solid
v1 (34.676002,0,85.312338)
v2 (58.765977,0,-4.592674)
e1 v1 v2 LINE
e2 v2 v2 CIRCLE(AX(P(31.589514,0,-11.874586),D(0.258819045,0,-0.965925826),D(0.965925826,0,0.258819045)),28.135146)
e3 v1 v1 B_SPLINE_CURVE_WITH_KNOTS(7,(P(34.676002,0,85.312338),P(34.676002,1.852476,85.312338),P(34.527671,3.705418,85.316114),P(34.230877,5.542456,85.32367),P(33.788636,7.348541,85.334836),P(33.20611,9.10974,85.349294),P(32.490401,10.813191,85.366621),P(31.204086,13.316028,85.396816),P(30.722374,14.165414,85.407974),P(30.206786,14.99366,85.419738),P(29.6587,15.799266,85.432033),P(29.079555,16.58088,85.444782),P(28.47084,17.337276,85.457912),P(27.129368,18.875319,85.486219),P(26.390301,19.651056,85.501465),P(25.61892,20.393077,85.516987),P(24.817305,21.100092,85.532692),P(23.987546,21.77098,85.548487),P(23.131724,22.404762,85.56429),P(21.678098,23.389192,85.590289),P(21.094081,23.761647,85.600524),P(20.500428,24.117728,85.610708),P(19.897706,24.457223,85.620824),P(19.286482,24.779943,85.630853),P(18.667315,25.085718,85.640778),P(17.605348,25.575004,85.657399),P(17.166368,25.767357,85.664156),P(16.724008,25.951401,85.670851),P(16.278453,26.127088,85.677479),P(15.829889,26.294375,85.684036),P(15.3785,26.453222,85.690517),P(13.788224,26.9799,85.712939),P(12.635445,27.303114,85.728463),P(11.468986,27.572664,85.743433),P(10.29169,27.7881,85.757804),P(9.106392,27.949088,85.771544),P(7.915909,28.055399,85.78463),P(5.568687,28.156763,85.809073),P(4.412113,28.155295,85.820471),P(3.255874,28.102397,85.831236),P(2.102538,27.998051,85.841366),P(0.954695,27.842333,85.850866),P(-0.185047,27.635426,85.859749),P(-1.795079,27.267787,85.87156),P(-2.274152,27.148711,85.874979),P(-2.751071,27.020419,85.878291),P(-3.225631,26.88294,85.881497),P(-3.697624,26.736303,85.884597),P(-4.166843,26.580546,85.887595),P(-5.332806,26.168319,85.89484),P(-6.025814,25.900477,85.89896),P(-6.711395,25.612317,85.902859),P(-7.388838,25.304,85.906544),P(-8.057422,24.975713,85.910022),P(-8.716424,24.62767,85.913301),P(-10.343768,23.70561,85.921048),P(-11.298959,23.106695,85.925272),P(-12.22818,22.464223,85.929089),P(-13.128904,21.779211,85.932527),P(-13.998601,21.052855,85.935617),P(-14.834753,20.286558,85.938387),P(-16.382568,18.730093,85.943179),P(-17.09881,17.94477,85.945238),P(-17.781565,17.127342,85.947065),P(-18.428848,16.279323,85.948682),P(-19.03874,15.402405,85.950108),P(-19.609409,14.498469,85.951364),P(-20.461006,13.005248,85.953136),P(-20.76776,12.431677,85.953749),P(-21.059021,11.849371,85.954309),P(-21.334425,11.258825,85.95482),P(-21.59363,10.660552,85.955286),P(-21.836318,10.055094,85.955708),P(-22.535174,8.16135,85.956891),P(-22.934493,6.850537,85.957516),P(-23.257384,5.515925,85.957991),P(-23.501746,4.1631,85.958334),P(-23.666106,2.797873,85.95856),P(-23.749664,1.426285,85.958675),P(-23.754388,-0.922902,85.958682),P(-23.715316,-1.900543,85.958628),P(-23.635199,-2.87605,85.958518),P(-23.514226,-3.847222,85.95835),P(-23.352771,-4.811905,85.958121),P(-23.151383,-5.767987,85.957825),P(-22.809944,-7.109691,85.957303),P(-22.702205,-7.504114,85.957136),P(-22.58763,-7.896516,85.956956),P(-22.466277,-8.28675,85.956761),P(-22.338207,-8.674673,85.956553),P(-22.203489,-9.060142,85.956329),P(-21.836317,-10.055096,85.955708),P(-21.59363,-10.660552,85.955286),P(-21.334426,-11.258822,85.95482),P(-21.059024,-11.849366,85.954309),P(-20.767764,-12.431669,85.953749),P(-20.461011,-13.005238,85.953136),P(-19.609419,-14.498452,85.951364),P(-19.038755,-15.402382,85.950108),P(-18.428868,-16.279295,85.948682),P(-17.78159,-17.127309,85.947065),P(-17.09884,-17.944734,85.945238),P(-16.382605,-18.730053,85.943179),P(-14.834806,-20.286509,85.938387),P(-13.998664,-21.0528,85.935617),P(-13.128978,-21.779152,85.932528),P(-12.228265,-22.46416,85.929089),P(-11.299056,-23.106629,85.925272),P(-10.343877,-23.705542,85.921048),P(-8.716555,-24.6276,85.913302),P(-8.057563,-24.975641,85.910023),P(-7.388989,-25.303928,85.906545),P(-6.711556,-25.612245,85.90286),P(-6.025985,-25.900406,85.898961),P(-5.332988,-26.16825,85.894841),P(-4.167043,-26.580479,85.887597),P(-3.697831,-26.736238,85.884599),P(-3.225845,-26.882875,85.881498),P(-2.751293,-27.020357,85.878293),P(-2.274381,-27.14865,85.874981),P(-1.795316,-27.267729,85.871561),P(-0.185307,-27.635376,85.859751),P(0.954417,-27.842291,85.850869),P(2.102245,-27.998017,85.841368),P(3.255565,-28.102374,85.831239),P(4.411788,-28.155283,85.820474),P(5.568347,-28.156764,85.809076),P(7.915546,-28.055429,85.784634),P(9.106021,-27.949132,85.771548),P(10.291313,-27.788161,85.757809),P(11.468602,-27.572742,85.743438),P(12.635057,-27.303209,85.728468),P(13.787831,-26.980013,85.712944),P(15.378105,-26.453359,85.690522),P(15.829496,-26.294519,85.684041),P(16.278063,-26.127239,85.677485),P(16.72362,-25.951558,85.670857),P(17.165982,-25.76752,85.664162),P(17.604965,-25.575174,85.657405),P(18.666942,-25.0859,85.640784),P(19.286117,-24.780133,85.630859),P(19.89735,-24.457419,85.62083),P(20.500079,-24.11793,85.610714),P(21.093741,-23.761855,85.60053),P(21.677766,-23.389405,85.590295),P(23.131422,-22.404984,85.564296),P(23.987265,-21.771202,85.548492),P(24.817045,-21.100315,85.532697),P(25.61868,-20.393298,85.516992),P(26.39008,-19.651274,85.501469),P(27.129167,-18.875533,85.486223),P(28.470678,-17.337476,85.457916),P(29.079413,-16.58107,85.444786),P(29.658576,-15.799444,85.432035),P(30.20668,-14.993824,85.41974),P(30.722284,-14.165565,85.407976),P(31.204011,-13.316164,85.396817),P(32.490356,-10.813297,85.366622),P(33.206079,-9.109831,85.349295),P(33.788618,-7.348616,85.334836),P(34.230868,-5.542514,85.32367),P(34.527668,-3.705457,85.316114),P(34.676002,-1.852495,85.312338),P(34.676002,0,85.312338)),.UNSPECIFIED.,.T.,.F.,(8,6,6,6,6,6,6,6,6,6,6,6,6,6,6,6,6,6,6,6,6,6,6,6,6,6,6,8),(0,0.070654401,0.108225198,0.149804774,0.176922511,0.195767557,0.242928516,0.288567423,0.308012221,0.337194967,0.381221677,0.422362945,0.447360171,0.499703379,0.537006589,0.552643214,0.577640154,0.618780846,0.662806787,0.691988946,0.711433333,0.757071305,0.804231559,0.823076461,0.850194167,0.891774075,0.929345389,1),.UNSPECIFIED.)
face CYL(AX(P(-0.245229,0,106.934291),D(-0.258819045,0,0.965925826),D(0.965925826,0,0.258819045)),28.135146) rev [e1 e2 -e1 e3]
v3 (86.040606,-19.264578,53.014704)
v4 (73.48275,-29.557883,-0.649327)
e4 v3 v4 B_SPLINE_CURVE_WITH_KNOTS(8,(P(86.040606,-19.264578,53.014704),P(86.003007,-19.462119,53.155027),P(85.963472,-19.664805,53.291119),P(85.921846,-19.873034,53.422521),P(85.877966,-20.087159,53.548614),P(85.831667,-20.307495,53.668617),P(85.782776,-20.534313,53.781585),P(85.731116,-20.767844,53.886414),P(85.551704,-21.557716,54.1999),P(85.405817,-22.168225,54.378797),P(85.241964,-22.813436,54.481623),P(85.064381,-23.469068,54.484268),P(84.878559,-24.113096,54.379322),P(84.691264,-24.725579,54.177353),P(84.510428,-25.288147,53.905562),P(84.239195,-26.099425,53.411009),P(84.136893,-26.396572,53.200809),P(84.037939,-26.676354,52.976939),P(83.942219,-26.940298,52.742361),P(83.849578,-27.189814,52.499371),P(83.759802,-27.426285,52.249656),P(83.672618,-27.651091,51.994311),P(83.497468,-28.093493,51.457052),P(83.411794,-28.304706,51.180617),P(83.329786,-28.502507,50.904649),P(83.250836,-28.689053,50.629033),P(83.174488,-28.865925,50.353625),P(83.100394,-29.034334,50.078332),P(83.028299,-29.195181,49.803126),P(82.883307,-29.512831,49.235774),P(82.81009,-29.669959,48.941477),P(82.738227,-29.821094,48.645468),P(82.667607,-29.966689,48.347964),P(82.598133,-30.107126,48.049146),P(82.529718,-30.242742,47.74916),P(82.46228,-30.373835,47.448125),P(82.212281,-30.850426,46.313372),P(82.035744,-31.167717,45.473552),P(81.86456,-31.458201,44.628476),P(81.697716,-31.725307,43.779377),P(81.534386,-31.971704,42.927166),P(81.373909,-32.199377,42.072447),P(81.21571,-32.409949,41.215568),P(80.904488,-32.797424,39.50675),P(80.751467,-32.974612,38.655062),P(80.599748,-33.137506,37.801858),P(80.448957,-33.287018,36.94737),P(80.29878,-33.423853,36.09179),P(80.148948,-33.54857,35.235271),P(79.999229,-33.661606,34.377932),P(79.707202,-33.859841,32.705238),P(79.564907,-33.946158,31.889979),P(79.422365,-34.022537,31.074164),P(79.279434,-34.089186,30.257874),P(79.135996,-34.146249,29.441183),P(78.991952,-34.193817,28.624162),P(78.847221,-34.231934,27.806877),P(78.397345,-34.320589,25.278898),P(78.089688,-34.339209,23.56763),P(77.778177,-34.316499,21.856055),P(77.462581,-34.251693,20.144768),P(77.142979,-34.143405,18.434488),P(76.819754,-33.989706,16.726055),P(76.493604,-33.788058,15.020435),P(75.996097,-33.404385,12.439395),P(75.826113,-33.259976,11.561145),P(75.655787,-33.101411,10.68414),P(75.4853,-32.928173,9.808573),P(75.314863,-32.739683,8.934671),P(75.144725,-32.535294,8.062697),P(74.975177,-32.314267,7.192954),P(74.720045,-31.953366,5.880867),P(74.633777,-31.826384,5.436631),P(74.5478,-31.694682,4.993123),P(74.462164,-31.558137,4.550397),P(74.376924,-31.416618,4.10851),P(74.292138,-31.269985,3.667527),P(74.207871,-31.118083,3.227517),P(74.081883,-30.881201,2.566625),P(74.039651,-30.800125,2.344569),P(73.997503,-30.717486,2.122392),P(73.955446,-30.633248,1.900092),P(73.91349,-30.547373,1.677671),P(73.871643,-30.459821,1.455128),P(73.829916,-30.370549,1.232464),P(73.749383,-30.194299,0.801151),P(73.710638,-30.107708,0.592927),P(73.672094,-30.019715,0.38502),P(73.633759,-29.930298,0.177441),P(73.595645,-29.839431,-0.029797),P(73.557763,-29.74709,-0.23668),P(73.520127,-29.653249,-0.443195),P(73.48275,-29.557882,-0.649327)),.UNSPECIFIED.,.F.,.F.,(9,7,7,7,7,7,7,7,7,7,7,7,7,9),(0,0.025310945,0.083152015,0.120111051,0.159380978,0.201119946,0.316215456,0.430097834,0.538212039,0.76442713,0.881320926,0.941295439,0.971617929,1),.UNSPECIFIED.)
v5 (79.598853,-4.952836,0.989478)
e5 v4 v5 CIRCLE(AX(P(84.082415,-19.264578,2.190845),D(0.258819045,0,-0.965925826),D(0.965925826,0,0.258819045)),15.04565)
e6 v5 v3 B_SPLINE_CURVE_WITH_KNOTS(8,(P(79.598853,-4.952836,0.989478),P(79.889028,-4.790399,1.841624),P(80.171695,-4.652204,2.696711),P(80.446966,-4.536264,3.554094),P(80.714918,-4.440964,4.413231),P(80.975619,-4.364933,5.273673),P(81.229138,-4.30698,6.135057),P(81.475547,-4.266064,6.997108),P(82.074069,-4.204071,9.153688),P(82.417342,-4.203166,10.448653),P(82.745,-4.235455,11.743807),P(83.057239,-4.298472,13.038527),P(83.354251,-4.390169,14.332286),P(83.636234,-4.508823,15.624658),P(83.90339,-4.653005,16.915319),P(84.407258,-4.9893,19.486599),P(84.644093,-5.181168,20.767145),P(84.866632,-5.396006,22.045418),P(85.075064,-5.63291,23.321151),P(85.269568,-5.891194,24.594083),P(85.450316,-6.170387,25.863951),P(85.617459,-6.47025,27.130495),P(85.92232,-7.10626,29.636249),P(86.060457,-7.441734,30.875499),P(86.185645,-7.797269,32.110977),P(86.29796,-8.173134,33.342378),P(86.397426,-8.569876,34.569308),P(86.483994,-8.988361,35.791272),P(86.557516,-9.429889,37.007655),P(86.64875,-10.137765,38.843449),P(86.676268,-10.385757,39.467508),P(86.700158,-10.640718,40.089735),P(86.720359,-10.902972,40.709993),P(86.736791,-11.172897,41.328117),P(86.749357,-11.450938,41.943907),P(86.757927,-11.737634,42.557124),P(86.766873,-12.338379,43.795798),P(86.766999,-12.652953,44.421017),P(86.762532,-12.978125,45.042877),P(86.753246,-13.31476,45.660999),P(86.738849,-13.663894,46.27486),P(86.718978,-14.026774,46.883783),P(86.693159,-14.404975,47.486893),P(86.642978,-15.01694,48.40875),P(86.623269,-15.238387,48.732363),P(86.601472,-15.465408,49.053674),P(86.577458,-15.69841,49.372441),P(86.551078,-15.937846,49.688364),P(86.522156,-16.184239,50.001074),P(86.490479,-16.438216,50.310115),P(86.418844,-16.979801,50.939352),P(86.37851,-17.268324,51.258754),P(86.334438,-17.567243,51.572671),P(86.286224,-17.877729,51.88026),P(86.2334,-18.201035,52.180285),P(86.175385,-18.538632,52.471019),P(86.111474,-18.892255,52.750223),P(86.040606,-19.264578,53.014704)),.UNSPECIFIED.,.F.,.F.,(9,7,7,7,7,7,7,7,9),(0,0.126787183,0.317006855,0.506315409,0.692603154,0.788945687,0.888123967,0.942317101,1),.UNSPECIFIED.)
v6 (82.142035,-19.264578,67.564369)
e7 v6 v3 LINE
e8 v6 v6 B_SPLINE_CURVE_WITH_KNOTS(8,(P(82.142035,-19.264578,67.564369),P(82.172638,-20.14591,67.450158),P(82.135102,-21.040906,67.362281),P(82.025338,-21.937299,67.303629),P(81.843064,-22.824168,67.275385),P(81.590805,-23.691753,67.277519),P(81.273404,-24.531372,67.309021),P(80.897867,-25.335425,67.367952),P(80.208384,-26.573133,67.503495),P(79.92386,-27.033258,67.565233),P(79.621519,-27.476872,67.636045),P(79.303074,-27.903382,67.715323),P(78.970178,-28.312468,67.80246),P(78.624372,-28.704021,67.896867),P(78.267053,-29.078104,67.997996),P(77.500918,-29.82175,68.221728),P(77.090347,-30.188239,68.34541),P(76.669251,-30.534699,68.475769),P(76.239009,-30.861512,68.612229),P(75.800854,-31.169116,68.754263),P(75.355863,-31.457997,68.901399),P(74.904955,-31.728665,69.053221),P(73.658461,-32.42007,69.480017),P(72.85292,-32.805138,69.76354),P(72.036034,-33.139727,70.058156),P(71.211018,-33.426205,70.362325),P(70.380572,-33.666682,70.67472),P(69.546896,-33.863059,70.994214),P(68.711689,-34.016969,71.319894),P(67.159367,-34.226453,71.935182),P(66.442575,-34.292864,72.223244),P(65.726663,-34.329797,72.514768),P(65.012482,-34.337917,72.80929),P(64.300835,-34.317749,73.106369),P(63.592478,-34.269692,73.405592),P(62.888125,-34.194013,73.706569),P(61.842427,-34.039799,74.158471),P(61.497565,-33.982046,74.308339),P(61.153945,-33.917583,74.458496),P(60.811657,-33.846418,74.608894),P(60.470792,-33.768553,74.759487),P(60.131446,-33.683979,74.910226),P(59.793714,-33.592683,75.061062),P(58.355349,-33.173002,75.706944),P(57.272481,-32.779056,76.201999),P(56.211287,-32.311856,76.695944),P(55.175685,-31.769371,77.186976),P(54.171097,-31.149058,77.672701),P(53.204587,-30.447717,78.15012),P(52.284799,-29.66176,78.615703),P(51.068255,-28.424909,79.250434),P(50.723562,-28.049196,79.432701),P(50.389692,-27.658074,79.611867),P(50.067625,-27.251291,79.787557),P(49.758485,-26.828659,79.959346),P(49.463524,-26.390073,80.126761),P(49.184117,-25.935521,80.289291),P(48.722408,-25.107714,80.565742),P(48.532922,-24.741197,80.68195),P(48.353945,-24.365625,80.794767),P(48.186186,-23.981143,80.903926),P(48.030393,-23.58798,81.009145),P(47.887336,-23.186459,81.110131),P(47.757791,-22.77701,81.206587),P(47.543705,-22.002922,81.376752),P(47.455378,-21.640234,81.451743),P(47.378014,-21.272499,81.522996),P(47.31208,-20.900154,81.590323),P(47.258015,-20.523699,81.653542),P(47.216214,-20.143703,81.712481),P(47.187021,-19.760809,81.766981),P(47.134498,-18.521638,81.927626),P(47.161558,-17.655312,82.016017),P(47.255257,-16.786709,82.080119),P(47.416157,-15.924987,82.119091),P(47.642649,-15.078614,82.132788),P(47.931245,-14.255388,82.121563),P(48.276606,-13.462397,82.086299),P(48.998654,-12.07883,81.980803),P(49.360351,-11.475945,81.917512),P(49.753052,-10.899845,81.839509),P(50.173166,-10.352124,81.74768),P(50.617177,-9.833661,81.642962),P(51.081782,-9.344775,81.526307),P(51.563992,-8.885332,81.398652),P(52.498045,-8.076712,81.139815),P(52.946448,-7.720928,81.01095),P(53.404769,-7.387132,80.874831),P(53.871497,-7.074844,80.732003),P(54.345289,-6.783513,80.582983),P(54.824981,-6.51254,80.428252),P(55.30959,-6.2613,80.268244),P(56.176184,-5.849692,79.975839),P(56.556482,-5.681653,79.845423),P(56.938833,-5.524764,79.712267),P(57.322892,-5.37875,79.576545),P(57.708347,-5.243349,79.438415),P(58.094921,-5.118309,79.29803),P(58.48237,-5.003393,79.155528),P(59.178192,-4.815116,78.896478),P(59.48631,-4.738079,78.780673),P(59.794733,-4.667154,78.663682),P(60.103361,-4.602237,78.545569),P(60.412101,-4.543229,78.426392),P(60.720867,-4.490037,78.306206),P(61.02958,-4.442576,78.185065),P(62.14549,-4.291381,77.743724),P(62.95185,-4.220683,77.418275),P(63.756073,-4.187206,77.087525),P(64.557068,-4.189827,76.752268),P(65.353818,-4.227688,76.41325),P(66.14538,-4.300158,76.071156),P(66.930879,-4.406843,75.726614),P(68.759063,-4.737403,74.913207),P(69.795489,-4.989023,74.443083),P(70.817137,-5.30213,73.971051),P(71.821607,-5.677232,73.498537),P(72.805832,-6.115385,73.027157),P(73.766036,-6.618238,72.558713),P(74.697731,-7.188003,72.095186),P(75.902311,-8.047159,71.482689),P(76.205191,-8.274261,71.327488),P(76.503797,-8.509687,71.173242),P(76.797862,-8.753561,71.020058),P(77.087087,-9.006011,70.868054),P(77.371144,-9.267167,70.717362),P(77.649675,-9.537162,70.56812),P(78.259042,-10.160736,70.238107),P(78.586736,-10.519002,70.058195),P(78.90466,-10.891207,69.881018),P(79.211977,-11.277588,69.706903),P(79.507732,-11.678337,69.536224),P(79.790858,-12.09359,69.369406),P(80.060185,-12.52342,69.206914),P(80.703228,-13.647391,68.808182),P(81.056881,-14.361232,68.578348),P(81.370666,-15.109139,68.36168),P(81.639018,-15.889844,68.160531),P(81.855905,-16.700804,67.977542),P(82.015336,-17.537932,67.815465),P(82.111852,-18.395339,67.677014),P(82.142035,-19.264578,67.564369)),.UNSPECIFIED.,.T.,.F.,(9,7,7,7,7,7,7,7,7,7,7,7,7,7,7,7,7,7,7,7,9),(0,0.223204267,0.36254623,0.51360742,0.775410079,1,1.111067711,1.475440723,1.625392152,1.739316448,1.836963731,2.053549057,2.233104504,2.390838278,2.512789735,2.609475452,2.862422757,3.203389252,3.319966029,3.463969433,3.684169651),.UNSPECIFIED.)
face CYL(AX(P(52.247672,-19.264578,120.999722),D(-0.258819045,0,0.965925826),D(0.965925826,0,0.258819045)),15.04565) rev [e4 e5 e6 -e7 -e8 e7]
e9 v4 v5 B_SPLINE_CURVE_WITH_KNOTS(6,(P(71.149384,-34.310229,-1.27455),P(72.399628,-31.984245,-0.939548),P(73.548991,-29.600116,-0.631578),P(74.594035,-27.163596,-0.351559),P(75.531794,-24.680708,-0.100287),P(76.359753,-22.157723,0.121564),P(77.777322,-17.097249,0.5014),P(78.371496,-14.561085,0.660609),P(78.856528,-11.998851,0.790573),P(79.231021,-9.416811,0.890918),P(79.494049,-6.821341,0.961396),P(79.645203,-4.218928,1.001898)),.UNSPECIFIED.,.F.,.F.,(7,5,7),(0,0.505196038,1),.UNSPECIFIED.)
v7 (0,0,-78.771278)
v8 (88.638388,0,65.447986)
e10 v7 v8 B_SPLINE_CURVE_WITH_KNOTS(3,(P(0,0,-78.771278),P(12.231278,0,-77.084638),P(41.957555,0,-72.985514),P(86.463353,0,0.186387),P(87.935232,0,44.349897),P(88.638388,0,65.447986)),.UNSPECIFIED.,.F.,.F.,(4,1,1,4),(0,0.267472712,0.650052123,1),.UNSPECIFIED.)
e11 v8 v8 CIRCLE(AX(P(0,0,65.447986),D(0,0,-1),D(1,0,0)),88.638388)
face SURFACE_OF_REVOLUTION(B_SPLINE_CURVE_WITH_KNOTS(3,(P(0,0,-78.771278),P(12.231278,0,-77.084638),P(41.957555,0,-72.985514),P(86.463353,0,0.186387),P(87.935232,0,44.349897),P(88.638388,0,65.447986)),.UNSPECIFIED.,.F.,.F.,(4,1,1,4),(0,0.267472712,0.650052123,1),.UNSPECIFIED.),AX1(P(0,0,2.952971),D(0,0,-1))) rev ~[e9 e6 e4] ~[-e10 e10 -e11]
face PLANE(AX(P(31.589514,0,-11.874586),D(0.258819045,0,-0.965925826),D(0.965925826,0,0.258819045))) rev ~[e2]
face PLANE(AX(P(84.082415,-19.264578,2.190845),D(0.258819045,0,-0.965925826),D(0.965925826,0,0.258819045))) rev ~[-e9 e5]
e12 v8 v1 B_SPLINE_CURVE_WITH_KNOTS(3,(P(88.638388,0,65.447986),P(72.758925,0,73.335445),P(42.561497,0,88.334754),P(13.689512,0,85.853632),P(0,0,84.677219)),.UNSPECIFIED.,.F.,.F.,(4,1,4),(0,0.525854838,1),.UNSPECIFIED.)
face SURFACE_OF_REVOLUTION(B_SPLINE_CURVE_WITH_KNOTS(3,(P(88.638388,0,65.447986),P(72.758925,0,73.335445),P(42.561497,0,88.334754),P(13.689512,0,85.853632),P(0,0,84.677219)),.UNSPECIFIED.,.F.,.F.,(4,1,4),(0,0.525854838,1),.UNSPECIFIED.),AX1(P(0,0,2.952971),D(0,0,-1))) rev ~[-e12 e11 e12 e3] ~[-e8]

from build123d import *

# Parameters (mm, degrees)
F5_R          = 28.1351456659
F5_R_2        = 15.0456501995
F6_DEPTH      = 25
F6_DEPTH_BACK = 123
F7_DEPTH      = 25


with BuildPart() as f1:
    # F0 (on Front) → F1 (revolve)
    with BuildSketch(Plane.XZ):
        with BuildLine():
            Line((0, 84.6772193909), (0, -78.7712782621))
            add(Edge.make_bspline(
                [(0, -78.7712782621), (12.2312775301, -77.0846384083), (41.9575545547, -72.985514387), (86.4633533285, 0.1863871818), (87.9352318735, 44.3498965364), (88.6383876204, 65.4479861259)],
                knots=[0, 0, 0, 0, 0.2674727116, 0.6500521226, 1, 1, 1, 1], degree=3))
            add(Edge.make_bspline(
                [(88.6383876204, 65.4479861259), (72.7589245003, 73.3354451552), (42.5614974136, 88.3347538304), (13.689512142, 85.8536315277), (0, 84.6772193909)],
                knots=[0, 0, 0, 0, 0.5258548377, 1, 1, 1, 1], degree=3))
        make_face()
    revolve(axis=Axis((0, 0, 2.9529705644), (0, 0, -1)))

    # F5 (on line) → F6 (cut, two sides)
    with BuildSketch(Plane(origin=(-26.75, 0, 99.8323591025), x_dir=(0.9659258263, 0, 0.2588190451), z_dir=(0.2588190451, 0, -0.9659258263))) as f6_sk:
        with Locations((27.4397581816, 0)):
            Circle(F5_R)
        with Locations((81.7844085945, 19.2645784002)):
            Circle(F5_R_2)
    extrude(amount=-F6_DEPTH, mode=Mode.SUBTRACT)
    extrude(f6_sk.sketch, amount=F6_DEPTH_BACK, mode=Mode.SUBTRACT)

    # F5 (on line) → F7 (cut)
    with BuildSketch(Plane(origin=(-26.75, 0, 99.8323591025), x_dir=(0.9659258263, 0, 0.2588190451), z_dir=(0.2588190451, 0, -0.9659258263))):
        with Locations((27.4397581816, 0)):
            Circle(F5_R)
        with Locations((81.7844085945, 19.2645784002)):
            Circle(F5_R_2)
    extrude(amount=-F7_DEPTH, mode=Mode.SUBTRACT)


solid = f1.part
